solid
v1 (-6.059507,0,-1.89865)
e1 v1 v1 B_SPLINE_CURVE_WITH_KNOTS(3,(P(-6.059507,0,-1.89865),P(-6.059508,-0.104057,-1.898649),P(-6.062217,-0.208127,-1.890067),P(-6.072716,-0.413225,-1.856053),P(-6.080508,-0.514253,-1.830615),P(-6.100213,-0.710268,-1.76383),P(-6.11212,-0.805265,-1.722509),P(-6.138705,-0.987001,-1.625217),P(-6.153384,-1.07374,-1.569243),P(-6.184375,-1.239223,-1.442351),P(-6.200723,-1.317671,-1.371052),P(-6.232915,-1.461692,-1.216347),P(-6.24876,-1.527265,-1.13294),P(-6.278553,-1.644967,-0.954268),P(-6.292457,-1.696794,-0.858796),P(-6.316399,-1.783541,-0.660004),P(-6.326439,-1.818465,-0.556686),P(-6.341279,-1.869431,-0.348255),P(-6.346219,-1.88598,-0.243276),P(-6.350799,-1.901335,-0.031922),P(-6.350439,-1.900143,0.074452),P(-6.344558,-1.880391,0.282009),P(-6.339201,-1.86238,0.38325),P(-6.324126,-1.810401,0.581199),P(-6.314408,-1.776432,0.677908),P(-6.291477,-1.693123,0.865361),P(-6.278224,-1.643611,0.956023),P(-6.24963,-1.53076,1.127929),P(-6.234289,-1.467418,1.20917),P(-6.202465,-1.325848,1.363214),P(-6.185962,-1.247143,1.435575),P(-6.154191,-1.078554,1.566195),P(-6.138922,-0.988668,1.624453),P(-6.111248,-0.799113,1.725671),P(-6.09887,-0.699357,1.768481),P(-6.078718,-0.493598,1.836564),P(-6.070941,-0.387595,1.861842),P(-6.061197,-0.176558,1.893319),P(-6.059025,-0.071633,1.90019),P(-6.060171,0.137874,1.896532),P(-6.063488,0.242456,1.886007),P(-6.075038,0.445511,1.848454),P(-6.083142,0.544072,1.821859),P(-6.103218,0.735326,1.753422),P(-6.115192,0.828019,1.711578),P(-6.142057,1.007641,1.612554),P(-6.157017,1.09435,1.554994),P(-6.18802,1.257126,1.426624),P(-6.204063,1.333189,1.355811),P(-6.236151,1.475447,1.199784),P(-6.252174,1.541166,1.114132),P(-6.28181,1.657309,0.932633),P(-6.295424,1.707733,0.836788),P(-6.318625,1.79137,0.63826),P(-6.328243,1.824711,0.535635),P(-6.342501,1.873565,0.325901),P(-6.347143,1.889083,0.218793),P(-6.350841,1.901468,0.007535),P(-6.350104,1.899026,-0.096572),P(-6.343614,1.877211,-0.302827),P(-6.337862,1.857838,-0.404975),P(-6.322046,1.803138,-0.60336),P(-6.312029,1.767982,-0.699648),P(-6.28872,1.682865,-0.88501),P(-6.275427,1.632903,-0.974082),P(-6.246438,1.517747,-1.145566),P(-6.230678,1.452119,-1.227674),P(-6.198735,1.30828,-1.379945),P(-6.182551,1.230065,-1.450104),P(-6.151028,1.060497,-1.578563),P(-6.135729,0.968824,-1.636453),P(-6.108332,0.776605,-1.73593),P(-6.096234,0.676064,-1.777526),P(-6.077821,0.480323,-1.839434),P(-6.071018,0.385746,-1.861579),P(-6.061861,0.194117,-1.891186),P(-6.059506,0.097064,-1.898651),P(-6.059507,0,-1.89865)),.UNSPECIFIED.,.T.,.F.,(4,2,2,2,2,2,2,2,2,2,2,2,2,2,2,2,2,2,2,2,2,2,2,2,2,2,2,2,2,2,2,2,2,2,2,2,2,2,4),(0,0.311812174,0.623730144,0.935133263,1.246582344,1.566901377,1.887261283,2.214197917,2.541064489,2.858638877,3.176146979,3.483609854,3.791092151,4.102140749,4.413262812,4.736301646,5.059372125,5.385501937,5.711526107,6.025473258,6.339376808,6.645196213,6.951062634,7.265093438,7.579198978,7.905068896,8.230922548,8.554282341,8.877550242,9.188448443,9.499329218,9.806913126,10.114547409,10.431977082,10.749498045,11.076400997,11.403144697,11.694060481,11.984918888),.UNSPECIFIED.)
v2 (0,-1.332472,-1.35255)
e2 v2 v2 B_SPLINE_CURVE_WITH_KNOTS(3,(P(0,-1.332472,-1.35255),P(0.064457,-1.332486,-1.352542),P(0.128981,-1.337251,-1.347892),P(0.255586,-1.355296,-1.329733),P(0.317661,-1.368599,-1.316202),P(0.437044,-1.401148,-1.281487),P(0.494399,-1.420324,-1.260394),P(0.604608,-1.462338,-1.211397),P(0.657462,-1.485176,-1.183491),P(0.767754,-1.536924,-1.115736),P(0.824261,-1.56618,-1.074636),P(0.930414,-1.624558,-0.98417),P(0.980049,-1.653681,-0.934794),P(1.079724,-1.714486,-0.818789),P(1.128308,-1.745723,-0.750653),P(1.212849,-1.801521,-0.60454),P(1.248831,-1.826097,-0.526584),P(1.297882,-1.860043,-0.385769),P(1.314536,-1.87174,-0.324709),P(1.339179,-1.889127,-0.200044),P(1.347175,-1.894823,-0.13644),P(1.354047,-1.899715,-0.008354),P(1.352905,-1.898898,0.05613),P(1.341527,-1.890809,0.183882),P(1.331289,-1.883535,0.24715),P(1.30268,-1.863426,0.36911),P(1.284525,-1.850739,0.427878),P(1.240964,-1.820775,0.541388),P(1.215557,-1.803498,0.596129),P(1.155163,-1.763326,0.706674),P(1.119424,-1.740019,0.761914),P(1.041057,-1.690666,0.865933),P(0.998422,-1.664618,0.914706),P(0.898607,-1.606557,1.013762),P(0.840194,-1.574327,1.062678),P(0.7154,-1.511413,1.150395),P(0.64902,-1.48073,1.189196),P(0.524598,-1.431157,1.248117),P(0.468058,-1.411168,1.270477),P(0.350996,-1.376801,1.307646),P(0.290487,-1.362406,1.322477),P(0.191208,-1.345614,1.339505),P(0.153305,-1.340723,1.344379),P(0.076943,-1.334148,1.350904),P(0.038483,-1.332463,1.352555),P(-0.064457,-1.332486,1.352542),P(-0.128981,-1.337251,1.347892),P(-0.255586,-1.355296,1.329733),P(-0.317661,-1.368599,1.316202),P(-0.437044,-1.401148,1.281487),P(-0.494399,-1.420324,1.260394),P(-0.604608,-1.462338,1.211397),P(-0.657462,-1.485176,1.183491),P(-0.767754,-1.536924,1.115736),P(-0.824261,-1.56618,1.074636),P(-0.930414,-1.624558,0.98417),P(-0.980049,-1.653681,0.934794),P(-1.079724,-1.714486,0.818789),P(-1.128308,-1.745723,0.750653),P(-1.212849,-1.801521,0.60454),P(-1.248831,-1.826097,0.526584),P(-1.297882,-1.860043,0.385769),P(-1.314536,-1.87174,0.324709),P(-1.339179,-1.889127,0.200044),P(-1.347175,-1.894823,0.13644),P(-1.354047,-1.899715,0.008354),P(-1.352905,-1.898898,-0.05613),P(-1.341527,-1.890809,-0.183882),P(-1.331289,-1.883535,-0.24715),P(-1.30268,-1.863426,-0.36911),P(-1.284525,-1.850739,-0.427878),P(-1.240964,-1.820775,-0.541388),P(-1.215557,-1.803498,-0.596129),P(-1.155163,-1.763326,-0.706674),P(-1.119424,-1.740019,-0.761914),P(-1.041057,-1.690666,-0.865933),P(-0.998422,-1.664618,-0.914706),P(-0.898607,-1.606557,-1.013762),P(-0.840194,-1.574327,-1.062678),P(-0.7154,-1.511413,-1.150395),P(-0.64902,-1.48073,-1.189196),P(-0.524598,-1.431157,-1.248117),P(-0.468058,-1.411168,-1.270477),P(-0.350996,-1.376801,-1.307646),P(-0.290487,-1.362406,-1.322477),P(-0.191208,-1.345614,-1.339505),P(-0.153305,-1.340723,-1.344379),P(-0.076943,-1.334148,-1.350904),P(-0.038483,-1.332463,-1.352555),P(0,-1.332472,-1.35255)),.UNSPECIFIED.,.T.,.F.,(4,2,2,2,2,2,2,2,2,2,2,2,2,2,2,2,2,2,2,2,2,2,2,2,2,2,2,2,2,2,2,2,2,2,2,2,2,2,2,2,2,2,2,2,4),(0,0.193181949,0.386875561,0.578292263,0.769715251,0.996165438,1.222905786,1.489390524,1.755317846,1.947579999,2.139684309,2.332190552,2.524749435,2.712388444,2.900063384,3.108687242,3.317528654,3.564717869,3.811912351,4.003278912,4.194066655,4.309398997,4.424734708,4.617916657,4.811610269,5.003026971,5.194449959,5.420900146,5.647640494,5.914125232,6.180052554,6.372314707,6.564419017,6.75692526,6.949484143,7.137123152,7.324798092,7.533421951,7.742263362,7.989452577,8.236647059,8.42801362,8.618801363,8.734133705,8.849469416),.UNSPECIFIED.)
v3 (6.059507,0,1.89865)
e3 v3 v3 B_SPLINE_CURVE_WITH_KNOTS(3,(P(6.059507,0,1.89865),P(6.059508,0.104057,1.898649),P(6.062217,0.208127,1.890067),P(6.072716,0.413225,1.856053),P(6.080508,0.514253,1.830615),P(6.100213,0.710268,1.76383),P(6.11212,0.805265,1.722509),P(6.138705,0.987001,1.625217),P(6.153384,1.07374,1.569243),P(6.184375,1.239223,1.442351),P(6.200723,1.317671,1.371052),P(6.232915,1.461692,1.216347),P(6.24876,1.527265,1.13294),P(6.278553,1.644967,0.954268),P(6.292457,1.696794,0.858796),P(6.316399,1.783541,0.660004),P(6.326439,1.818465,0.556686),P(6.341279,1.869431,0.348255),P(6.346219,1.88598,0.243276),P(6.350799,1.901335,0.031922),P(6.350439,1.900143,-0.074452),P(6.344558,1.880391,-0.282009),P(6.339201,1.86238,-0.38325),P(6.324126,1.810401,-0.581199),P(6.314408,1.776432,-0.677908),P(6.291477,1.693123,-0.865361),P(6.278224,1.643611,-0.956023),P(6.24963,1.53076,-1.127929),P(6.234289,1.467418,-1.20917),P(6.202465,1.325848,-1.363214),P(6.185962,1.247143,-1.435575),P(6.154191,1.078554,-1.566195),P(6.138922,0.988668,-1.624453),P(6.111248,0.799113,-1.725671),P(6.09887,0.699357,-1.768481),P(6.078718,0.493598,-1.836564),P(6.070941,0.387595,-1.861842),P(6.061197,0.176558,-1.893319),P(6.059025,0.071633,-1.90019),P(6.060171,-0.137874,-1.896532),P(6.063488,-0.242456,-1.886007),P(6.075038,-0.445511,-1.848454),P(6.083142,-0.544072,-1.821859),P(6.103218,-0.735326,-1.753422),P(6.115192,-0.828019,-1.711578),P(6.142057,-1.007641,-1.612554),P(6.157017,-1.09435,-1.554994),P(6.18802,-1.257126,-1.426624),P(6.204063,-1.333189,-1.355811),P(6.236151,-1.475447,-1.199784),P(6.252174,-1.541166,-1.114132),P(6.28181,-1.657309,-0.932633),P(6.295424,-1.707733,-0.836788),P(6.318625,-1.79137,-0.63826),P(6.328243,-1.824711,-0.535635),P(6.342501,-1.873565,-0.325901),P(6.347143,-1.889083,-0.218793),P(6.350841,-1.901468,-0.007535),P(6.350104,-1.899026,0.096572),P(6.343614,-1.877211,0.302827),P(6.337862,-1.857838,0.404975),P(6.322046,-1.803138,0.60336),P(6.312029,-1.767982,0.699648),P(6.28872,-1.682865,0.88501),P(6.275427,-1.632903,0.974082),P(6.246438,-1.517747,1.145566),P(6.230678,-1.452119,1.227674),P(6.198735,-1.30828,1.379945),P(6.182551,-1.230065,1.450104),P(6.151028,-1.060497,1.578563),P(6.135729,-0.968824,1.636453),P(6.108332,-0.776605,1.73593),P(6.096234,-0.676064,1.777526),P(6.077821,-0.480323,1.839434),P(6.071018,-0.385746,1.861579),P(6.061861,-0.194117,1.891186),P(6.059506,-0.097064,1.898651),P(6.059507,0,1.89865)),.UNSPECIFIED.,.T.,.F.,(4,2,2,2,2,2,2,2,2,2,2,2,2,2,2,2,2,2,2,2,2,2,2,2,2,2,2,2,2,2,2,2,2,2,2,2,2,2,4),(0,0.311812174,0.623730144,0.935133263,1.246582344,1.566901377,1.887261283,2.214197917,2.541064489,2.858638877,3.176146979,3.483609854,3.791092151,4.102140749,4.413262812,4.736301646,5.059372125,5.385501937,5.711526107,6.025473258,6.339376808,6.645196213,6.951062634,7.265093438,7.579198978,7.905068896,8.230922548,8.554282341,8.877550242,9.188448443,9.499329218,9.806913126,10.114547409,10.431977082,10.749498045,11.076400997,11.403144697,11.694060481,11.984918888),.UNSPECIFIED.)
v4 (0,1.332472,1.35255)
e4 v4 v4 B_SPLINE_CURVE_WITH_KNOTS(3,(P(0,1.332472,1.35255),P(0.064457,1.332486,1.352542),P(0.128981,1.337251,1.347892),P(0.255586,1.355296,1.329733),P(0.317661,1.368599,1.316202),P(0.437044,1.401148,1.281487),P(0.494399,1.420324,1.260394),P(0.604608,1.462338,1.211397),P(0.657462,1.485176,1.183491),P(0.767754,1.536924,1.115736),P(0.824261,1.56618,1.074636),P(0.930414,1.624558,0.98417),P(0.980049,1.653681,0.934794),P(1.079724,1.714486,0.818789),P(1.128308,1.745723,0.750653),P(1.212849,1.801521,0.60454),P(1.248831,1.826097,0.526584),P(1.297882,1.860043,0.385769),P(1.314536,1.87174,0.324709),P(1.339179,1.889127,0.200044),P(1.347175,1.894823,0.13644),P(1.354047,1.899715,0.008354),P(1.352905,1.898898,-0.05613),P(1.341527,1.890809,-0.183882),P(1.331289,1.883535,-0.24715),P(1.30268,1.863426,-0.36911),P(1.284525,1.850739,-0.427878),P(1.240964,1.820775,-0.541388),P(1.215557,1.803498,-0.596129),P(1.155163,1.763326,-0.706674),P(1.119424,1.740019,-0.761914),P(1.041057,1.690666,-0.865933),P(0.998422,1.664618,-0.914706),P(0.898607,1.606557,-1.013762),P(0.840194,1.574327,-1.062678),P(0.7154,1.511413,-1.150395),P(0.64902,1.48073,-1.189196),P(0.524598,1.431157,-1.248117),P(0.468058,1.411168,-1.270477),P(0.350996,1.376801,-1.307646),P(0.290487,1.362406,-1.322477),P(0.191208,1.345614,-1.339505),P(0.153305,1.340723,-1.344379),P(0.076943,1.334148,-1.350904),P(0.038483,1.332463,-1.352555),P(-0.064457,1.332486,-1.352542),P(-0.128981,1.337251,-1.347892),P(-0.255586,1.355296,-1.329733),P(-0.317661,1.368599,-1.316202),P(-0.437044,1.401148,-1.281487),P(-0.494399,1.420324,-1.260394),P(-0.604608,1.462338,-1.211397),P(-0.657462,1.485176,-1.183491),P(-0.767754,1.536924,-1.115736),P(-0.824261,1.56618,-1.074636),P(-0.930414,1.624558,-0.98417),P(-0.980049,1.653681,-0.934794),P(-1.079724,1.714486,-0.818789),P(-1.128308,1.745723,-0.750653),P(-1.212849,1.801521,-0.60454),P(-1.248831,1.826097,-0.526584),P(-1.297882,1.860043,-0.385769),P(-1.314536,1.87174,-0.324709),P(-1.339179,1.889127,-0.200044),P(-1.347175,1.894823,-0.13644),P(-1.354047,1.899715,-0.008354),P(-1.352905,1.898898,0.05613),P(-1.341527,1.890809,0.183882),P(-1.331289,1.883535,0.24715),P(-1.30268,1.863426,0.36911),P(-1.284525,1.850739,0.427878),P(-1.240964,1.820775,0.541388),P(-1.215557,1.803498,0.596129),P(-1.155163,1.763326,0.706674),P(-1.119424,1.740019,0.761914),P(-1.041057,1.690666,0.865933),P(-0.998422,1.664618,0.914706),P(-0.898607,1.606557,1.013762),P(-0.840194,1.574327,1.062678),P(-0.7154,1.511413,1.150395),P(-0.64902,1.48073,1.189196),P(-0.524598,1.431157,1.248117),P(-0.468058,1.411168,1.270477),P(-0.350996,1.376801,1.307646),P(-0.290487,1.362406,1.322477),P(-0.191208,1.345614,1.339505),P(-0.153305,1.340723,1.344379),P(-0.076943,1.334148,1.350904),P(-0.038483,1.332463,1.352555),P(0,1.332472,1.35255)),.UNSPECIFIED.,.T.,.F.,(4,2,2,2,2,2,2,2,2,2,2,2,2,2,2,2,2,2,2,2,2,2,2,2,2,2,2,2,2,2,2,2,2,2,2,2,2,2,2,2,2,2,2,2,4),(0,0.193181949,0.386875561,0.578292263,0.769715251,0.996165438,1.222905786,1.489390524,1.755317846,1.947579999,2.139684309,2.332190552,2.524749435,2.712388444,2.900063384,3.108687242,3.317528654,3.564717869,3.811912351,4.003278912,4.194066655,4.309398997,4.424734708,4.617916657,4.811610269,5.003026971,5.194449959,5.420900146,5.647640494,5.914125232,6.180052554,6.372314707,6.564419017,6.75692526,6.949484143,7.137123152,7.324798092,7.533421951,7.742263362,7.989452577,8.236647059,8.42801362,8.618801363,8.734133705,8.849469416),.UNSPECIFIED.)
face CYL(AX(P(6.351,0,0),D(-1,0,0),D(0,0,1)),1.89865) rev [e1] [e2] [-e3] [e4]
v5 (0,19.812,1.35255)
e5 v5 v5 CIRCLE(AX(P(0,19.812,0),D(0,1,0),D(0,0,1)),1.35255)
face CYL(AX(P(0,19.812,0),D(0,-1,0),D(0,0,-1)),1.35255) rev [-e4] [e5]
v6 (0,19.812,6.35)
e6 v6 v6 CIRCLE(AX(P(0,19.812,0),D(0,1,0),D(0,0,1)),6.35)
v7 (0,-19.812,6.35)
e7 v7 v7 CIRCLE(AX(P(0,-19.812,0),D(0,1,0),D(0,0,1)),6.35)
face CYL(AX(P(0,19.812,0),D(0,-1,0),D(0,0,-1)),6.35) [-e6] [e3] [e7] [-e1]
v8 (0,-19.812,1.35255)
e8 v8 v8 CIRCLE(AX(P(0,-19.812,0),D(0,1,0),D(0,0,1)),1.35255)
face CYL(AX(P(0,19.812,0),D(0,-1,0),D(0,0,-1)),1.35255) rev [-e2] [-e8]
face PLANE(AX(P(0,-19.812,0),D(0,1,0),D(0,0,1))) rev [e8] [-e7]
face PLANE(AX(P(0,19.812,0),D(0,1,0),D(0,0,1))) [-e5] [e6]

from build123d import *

# Parameters (mm, degrees)
EXTRUDE1_DEPTH                 = 19.812
EXTRUDE1_DEPTH_BACK            = 19.812
SKETCH1_R                      = 6.35
SKETCH1_R_2                    = 1.35255
CUT_EXTRUDE1_REACH             = 23.752
SKETCH3_R                      = 1.89865
CUT_EXTRUDE1_DIRECTION_2_REACH = 23.752


with BuildPart() as part:
    # Sketch1 → Extrude1 (new, two sides: drawn at the far end of the back side and taken through both)
    with BuildSketch(Plane(origin=(0, 0, 0), x_dir=(1, 0, 0), z_dir=(0, 1, 0)).offset(-EXTRUDE1_DEPTH_BACK)):
        Circle(SKETCH1_R)
        Circle(SKETCH1_R_2, mode=Mode.SUBTRACT)
    extrude(amount=EXTRUDE1_DEPTH + EXTRUDE1_DEPTH_BACK)

    # Sketch3 → Cut-Extrude1 (cut, up to next)
    with BuildSketch(Plane(origin=(0, 0, 0), x_dir=(0, 0, -1), z_dir=(1, 0, 0)), mode=Mode.PRIVATE) as cut_extrude1_sk1:
        Circle(SKETCH3_R)
    cut_extrude1_tool1 = extrude(cut_extrude1_sk1.sketch, amount=-CUT_EXTRUDE1_REACH, mode=Mode.PRIVATE) & part.part
    add(cut_extrude1_tool1.solids().sort_by_distance((0, 0, 0))[0], mode=Mode.SUBTRACT)

    # Sketch3 → Cut-Extrude1 direction 2 (cut, up to next)
    with BuildSketch(Plane(origin=(0, 0, 0), x_dir=(0, 0, -1), z_dir=(1, 0, 0)), mode=Mode.PRIVATE) as cut_extrude1_direction_2_sk1:
        Circle(SKETCH3_R)
    cut_extrude1_direction_2_tool1 = extrude(cut_extrude1_direction_2_sk1.sketch, amount=CUT_EXTRUDE1_DIRECTION_2_REACH, mode=Mode.PRIVATE) & part.part
    add(cut_extrude1_direction_2_tool1.solids().sort_by_distance((0, 0, 0))[0], mode=Mode.SUBTRACT)


solid = part.part
